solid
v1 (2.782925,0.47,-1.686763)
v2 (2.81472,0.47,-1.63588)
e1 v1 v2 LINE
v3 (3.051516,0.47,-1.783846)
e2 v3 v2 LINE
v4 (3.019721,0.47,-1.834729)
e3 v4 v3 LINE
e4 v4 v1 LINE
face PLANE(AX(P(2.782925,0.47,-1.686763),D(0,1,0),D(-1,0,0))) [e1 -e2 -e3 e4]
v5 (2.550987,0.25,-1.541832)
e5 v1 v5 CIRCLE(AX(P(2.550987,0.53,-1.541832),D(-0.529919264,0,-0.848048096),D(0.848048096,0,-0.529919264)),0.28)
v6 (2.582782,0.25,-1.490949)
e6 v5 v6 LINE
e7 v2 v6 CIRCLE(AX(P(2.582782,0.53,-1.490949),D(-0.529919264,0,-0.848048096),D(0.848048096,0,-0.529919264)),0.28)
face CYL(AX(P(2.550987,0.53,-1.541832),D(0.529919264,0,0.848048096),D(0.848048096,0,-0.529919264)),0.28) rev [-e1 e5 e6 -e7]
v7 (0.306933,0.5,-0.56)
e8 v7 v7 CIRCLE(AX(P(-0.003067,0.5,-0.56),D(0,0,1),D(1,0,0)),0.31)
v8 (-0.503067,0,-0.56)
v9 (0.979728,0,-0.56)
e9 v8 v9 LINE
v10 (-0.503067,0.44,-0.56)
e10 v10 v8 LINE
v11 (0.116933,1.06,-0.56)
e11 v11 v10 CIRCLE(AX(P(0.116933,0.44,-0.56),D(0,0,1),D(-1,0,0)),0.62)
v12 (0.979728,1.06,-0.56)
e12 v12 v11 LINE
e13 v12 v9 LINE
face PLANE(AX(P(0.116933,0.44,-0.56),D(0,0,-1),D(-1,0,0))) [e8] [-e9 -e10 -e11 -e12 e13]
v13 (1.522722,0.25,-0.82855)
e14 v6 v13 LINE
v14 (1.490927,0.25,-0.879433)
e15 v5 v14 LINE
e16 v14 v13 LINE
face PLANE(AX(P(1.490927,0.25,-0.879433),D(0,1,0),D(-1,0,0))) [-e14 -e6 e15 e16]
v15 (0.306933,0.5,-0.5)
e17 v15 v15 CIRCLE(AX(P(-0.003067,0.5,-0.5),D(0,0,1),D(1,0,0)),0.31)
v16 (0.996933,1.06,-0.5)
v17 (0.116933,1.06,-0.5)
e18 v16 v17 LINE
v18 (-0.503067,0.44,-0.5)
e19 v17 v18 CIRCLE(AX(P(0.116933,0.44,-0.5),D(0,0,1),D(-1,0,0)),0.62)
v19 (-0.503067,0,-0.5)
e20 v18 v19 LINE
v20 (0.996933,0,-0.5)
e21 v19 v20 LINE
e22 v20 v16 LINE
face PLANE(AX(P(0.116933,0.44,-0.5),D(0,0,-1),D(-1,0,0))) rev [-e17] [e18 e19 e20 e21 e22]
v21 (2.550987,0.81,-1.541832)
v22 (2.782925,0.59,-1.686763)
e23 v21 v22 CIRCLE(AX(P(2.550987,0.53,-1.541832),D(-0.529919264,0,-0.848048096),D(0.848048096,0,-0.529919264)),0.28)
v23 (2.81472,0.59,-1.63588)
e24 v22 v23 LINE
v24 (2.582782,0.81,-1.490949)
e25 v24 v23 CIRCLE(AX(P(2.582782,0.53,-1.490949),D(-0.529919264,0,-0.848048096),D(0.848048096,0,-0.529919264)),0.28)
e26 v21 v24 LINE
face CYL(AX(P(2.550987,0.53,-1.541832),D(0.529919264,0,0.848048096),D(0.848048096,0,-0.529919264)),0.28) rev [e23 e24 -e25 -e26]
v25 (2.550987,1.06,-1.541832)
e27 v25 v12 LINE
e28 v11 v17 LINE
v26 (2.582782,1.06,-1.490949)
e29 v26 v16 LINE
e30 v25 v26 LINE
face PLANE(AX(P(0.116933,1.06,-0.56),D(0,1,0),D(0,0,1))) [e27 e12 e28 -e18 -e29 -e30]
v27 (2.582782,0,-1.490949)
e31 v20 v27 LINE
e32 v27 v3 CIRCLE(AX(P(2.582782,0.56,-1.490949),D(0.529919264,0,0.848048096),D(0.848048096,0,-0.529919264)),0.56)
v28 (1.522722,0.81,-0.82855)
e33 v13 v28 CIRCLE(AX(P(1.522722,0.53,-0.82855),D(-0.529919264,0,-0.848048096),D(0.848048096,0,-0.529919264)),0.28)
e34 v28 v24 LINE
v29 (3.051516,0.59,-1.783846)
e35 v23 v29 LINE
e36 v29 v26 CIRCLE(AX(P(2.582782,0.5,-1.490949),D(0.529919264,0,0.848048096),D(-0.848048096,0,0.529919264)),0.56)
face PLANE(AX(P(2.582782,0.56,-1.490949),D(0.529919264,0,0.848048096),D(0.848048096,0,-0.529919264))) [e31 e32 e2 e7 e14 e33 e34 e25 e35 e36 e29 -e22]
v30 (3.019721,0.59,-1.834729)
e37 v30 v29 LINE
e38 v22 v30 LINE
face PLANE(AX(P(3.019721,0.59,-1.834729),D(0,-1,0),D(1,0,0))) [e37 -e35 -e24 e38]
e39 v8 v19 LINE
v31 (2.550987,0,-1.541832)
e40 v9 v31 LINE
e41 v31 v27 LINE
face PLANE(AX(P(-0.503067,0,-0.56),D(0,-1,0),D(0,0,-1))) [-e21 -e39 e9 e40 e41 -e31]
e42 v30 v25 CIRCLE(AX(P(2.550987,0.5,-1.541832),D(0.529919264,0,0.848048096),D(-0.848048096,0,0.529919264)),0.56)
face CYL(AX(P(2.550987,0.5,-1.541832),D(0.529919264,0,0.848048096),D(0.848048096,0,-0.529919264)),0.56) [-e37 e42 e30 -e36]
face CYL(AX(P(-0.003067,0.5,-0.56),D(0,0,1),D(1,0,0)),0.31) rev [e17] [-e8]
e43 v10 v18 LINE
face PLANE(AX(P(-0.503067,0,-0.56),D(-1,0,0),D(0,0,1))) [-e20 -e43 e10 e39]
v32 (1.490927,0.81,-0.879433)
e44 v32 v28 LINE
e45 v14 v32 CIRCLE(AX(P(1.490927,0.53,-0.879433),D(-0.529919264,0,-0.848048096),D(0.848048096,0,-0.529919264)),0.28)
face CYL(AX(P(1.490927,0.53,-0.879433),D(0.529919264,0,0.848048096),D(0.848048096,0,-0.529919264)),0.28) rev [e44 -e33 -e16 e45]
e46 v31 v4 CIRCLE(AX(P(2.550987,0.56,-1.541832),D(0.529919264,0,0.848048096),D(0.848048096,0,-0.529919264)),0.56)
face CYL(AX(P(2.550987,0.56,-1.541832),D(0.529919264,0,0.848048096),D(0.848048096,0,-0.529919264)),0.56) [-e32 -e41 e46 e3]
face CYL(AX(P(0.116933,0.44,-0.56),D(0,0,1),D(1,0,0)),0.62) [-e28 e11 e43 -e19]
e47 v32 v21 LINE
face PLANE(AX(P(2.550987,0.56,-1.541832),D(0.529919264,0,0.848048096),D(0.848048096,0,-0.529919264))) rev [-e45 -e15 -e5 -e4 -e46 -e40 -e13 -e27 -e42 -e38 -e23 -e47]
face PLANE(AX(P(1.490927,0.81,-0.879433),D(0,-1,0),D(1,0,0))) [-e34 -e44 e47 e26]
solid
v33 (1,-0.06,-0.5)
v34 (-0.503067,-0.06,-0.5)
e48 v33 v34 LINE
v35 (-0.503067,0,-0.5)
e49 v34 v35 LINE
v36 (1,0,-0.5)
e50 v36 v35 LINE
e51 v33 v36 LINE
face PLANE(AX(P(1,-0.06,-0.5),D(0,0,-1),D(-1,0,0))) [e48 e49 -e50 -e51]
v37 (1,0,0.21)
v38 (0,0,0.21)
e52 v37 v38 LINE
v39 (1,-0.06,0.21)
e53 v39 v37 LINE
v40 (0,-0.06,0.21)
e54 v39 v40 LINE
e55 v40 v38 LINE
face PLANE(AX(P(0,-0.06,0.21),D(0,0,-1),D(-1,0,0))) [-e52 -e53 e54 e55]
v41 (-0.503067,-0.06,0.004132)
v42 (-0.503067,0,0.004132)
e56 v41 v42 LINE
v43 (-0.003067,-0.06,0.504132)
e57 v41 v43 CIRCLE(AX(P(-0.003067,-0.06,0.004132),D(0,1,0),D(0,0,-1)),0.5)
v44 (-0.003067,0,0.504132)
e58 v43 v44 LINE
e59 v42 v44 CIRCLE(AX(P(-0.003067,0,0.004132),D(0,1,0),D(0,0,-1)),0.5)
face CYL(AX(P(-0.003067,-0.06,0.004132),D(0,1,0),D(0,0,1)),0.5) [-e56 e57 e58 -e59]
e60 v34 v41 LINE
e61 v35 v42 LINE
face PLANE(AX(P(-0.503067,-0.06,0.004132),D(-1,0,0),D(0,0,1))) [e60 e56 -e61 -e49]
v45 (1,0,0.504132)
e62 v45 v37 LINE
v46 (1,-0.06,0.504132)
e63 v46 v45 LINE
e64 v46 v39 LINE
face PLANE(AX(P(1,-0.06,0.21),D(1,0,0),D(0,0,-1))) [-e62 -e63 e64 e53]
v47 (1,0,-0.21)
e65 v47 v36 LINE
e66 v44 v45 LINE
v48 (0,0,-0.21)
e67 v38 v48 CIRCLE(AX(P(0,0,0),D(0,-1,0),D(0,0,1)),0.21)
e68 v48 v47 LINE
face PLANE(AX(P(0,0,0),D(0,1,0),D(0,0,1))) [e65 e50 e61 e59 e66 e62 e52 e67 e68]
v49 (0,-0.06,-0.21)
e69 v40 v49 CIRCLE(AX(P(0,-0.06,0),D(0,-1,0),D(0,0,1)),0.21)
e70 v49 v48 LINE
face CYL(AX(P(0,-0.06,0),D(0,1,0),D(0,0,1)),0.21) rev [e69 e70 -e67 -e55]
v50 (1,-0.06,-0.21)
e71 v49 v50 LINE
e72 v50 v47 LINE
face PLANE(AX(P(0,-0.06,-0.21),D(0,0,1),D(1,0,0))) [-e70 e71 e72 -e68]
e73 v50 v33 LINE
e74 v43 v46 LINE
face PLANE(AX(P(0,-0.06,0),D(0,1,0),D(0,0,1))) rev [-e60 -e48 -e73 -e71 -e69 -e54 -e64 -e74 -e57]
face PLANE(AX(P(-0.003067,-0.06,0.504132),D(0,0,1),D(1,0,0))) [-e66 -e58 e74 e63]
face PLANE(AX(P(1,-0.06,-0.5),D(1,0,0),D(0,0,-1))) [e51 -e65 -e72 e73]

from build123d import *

# Parameters (mm, degrees)
BOSS_EXTRUDE3_DEPTH = 0.06
SKETCH2_R           = 0.31
BOSS_EXTRUDE4_DEPTH = 0.06
BOSS_EXTRUDE5_DEPTH = 0.06


with BuildPart() as part:
    # Sketch1 → Boss-Extrude3 (new body)
    with BuildSketch(Plane(origin=(0, 0, 0), x_dir=(1, 0, 0), z_dir=(0, 1, 0))):
        with BuildLine():
            Line((-0.003067481, -0.504131751), (1, -0.504131751))
            Line((1, -0.504131751), (1, -0.21))
            Line((1, -0.21), (0, -0.21))
            ThreePointArc((0, -0.21), (-0.209999993, 0), (0, 0.209999993))
            Line((0, 0.209999993), (1, 0.209999993))
            Line((1, 0.209999993), (1, 0.5))
            Line((1, 0.5), (-0.503067481, 0.5))
            Line((-0.503067481, 0.5), (-0.503067481, -0.004131751))
            ThreePointArc((-0.503067481, -0.004131751), (-0.356620872, -0.357685141), (-0.003067481, -0.504131751))
        make_face()
    extrude(amount=-BOSS_EXTRUDE3_DEPTH)


with BuildPart() as body_2:
    # Sketch2 → Boss-Extrude4 (new body)
    with BuildSketch(Plane.XY.offset(-0.5)):
        with BuildLine():
            Line((-0.503067481, 0), (-0.503067481, 0.44))
            ThreePointArc((-0.503067481, 0.44), (-0.321473686, 0.878406204), (0.116932519, 1.06))
            Line((0.116932519, 1.06), (0.996932519, 1.06))
            Line((0.996932519, 1.06), (0.996932519, 0))
            Line((0.996932519, 0), (-0.503067481, 0))
        make_face()
        with Locations((-0.003067481, 0.5)):
            Circle(SKETCH2_R, mode=Mode.SUBTRACT)
    extrude(amount=-BOSS_EXTRUDE4_DEPTH)

    # Sketch3 → Boss-Extrude5 (add)
    with BuildSketch(Plane(origin=(0.055254522, 0, 0.08842572), x_dir=(0, -1, 0), z_dir=(0.529919264233203, 0, 0.8480480961564272))):
        with BuildLine():
            Line((-1.06, 1.110406357), (-1.06, 2.980406357))
            ThreePointArc((-1.06, 2.980406357), (-0.92661458, 3.3431735), (-0.59, 3.533126901))
            Line((-0.59, 3.533126901), (-0.59, 3.253902243))
            ThreePointArc((-0.59, 3.253902243), (-0.748174242, 3.155905644), (-0.81, 2.980406357))
            Line((-0.81, 2.980406357), (-0.81, 1.730406357))
            ThreePointArc((-0.81, 1.730406357), (-0.53, 1.450406357), (-0.25, 1.730406357))
            Line((-0.25, 1.730406357), (-0.25, 2.980406357))
            ThreePointArc((-0.25, 2.980406357), (-0.311825758, 3.155905644), (-0.47, 3.253902243))
            Line((-0.47, 3.253902243), (-0.47, 3.533126901))
            ThreePointArc((-0.47, 3.533126901), (-0.13338542, 3.3431735), (0, 2.980406357))
            Line((0, 2.980406357), (0, 1.110406357))
            Line((0, 1.110406357), (-1.06, 1.110406357))
        make_face()
    extrude(amount=-BOSS_EXTRUDE5_DEPTH)


solid = Compound([part.part, body_2.part])
